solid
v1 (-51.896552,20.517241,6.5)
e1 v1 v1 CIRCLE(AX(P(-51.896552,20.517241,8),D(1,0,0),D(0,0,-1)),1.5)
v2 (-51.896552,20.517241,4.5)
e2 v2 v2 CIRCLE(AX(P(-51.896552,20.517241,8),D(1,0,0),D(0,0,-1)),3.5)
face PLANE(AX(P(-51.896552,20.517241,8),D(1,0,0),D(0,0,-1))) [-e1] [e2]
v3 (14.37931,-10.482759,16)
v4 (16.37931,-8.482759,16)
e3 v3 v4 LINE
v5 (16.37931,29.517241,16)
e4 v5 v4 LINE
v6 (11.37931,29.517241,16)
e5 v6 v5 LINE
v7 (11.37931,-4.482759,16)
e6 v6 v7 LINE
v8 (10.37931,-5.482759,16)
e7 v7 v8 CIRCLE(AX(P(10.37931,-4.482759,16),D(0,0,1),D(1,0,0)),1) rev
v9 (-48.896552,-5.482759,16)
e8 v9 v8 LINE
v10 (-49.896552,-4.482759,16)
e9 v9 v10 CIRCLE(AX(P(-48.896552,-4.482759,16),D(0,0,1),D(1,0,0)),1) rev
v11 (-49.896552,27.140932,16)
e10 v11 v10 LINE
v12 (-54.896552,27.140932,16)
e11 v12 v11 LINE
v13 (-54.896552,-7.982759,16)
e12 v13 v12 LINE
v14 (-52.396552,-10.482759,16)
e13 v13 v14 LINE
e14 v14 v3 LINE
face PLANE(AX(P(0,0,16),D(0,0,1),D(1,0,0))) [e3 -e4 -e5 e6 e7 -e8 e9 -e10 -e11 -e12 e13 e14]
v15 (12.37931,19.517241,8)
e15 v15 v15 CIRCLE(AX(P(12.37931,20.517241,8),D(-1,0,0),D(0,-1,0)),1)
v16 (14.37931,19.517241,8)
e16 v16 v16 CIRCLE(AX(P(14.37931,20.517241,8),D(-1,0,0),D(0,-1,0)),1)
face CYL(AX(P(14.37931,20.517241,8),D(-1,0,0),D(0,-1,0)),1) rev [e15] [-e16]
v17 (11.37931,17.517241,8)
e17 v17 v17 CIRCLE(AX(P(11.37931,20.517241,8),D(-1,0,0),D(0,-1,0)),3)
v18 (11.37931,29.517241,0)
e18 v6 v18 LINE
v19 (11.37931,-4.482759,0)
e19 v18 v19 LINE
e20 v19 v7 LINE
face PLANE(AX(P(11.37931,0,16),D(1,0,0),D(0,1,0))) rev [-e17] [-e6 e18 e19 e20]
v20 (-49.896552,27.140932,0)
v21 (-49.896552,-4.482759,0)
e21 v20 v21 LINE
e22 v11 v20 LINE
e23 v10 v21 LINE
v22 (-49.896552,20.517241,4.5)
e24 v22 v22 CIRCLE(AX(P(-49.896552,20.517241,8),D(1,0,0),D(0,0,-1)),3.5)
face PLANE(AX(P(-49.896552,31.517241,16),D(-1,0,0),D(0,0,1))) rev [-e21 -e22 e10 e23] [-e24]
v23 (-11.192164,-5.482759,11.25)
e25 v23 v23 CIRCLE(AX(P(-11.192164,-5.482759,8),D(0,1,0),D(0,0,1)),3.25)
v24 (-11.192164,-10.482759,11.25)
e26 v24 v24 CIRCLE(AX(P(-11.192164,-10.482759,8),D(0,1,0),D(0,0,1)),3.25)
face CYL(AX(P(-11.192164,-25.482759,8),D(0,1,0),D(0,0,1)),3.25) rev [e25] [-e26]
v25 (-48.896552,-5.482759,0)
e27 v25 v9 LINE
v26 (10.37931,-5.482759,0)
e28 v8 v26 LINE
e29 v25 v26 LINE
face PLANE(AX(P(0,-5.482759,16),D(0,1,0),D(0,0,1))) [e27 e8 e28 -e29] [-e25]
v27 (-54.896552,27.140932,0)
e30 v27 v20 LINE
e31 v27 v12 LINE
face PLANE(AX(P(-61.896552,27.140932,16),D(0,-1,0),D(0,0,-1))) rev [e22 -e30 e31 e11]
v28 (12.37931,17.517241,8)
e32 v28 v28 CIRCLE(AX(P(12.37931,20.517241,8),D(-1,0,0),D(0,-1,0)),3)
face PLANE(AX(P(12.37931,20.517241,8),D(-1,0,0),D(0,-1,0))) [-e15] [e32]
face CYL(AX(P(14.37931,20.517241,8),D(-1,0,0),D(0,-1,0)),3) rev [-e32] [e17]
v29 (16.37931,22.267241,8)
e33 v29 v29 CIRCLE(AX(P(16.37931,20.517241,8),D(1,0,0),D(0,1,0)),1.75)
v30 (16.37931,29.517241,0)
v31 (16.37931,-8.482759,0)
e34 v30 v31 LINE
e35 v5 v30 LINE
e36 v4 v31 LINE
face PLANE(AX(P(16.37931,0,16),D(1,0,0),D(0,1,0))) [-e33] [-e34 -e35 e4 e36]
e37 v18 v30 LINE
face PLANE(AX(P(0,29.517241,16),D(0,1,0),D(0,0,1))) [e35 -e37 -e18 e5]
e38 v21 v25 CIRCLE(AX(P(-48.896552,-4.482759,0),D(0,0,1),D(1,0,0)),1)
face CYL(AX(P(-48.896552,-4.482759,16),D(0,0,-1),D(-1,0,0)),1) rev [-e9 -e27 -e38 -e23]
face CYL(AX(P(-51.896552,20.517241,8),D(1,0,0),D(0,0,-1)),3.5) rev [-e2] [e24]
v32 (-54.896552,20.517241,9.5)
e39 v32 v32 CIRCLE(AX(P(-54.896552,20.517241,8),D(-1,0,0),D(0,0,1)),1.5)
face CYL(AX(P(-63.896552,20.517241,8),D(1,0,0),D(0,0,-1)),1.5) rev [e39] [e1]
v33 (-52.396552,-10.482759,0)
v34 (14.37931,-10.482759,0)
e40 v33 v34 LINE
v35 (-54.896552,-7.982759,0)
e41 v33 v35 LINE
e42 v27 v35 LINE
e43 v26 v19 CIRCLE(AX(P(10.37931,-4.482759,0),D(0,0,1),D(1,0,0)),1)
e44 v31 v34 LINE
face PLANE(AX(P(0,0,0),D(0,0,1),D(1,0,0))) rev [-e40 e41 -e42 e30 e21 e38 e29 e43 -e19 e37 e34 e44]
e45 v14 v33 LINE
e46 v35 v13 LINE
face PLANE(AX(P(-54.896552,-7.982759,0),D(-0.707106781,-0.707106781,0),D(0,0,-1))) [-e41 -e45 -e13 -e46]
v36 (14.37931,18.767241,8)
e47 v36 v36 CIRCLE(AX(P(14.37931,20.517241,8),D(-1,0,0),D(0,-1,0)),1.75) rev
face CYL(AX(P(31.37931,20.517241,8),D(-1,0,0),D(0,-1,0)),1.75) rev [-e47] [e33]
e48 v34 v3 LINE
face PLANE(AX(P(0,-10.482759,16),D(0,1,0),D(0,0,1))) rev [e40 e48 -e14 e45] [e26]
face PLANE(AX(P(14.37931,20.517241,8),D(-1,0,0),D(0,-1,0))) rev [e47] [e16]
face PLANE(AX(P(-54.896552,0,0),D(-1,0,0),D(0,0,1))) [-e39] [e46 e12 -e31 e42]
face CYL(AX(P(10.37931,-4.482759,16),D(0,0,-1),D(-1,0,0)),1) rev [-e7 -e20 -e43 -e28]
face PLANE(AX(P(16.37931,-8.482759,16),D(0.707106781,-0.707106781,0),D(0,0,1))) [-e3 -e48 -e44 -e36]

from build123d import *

# Parameters (mm, degrees)
BOSS_EXTRUDE1_DEPTH = 16
SKETCH2_R           = 3.25
CUT_EXTRUDE1_DEPTH  = 20
FILLET1_R           = 1
CHAMFER1_SIZE       = 2
SKETCH3_R           = 1.75
CUT_EXTRUDE2_DEPTH  = 20
SKETCH4_R           = 3
CUT_EXTRUDE3_DEPTH  = 3
BOSS_EXTRUDE2_START = 2
SKETCH5_R           = 3
BOSS_EXTRUDE2_DEPTH = 2
SKETCH6_R           = 1
CUT_EXTRUDE4_DEPTH  = 2
SKETCH7_W           = 16
SKETCH7_H           = 5
BOSS_EXTRUDE3_DEPTH = 37
SKETCH8_W           = 5
SKETCH8_H           = 16
BOSS_EXTRUDE4_DEPTH = 37
CUT_EXTRUDE5_START  = -87
SKETCH9_R           = 1
CUT_EXTRUDE5_DEPTH  = 87
SKETCH10_R          = 3.5
CUT_EXTRUDE6_DEPTH  = 2
SKETCH11_R          = 1.5
CUT_EXTRUDE7_DEPTH  = 12
CHAMFER2_SIZE       = 2.5
FILLET2_R           = 1
SKETCH12_W          = 16
SKETCH12_H          = 4.376308933
CUT_EXTRUDE8_DEPTH  = 12


with BuildPart() as part:
    # Sketch1 → Boss-Extrude1 (new body)
    with BuildSketch(Plane.XY):
        Polygon((16.379310345, 29.517241379), (11.379310345, 29.517241379), (11.379310345, -5.482758621), (-17.896551724, -5.482758621), (-17.896551724, -10.482758621), (16.379310345, -10.482758621), align=None)
    extrude(amount=BOSS_EXTRUDE1_DEPTH)

    # Sketch2 → Cut-Extrude1 (cut)
    with BuildSketch(Plane(origin=(0, -5.482758621, 0), x_dir=(1, 0, 0), z_dir=(0, 1, 0))):
        with Locations(Location((-11.192164188, -8, 0), (0, 0, 270))):
            Circle(SKETCH2_R)
    extrude(amount=-CUT_EXTRUDE1_DEPTH, mode=Mode.SUBTRACT)

    # Fillet1
    fillet1_edges = [part.edges().sort_by_distance(p)[0] for p in [
        (11.379310345, -5.482758621, 8),
    ]]
    fillet(fillet1_edges, radius=FILLET1_R)

    # Chamfer1
    chamfer1_edges = [part.edges().sort_by_distance(p)[0] for p in [
        (16.379310345, -10.482758621, 8),
    ]]
    chamfer(chamfer1_edges, length=CHAMFER1_SIZE)

    # Sketch3 → Cut-Extrude2 (cut)
    with BuildSketch(Plane.ZY.offset(-11.379310345)):
        with Locations(Location((8, 20.517241379, 0), (0, 0, 270))):
            Circle(SKETCH3_R)
    extrude(amount=-CUT_EXTRUDE2_DEPTH, mode=Mode.SUBTRACT)

    # Sketch4 → Cut-Extrude3 (cut)
    with BuildSketch(Plane.ZY.offset(-11.379310345)):
        with Locations(Location((8, 20.517241379, 0), (0, 0, 270))):
            Circle(SKETCH4_R)
    extrude(amount=-CUT_EXTRUDE3_DEPTH, mode=Mode.SUBTRACT)

    # Sketch5 → Boss-Extrude2 (add)
    with BuildSketch(Plane.ZY.offset(-14.379310345).offset(BOSS_EXTRUDE2_START)):
        with Locations(Location((8, 20.517241379, 0), (0, 0, 270))):
            Circle(SKETCH5_R)
    extrude(amount=-BOSS_EXTRUDE2_DEPTH)

    # Sketch6 → Cut-Extrude4 (cut)
    with BuildSketch(Plane.ZY.offset(-12.379310345)):
        with Locations(Location((8, 20.517241379, 0), (0, 0, 270))):
            Circle(SKETCH6_R)
    extrude(amount=-CUT_EXTRUDE4_DEPTH, mode=Mode.SUBTRACT)

    # Sketch7 → Boss-Extrude3 (add)
    with BuildSketch(Plane.ZY.offset(17.896551724)):
        with Locations((8, -7.982758621)):
            Rectangle(SKETCH7_W, SKETCH7_H)
    extrude(amount=BOSS_EXTRUDE3_DEPTH)

    # Sketch8 → Boss-Extrude4 (add)
    with BuildSketch(Plane(origin=(0, -5.482758621, 0), x_dir=(1, 0, 0), z_dir=(0, 1, 0))):
        with Locations((-52.396551724, -8)):
            Rectangle(SKETCH8_W, SKETCH8_H)
    extrude(amount=BOSS_EXTRUDE4_DEPTH)

    # Sketch9 → Cut-Extrude5 (cut)
    with BuildSketch(Plane(origin=(14.379310345, 0, 0), x_dir=(0, 0, -1), z_dir=(1, 0, 0)).offset(CUT_EXTRUDE5_START)):
        with Locations(Location((-8, 20.517241379, 0), (0, 0, 270))):
            Circle(SKETCH9_R)
    extrude(amount=CUT_EXTRUDE5_DEPTH, mode=Mode.SUBTRACT)

    # Sketch10 → Cut-Extrude6 (cut)
    with BuildSketch(Plane(origin=(-49.896551724, 0, 0), x_dir=(0, 0, -1), z_dir=(1, 0, 0))):
        with Locations((-8, 20.517241379)):
            Circle(SKETCH10_R)
    extrude(amount=-CUT_EXTRUDE6_DEPTH, mode=Mode.SUBTRACT)

    # Sketch11 → Cut-Extrude7 (cut)
    with BuildSketch(Plane(origin=(-51.896551724, 0, 0), x_dir=(0, 0, -1), z_dir=(1, 0, 0))):
        with Locations((-8, 20.517241379)):
            Circle(SKETCH11_R)
    extrude(amount=-CUT_EXTRUDE7_DEPTH, mode=Mode.SUBTRACT)

    # Chamfer2
    chamfer2_edges = [part.edges().sort_by_distance(p)[0] for p in [
        (-54.896551724, -10.482758621, 8),
    ]]
    chamfer(chamfer2_edges, length=CHAMFER2_SIZE)

    # Fillet2
    fillet2_edges = [part.edges().sort_by_distance(p)[0] for p in [
        (-49.896551724, -5.482758621, 8),
    ]]
    fillet(fillet2_edges, radius=FILLET2_R)

    # Sketch12 → Cut-Extrude8 (cut)
    with BuildSketch(Plane(origin=(-49.896551724, 0, 0), x_dir=(0, 0, -1), z_dir=(1, 0, 0))):
        with Locations((-8, 29.329086913)):
            Rectangle(SKETCH12_W, SKETCH12_H)
    extrude(amount=-CUT_EXTRUDE8_DEPTH, mode=Mode.SUBTRACT)


solid = part.part
